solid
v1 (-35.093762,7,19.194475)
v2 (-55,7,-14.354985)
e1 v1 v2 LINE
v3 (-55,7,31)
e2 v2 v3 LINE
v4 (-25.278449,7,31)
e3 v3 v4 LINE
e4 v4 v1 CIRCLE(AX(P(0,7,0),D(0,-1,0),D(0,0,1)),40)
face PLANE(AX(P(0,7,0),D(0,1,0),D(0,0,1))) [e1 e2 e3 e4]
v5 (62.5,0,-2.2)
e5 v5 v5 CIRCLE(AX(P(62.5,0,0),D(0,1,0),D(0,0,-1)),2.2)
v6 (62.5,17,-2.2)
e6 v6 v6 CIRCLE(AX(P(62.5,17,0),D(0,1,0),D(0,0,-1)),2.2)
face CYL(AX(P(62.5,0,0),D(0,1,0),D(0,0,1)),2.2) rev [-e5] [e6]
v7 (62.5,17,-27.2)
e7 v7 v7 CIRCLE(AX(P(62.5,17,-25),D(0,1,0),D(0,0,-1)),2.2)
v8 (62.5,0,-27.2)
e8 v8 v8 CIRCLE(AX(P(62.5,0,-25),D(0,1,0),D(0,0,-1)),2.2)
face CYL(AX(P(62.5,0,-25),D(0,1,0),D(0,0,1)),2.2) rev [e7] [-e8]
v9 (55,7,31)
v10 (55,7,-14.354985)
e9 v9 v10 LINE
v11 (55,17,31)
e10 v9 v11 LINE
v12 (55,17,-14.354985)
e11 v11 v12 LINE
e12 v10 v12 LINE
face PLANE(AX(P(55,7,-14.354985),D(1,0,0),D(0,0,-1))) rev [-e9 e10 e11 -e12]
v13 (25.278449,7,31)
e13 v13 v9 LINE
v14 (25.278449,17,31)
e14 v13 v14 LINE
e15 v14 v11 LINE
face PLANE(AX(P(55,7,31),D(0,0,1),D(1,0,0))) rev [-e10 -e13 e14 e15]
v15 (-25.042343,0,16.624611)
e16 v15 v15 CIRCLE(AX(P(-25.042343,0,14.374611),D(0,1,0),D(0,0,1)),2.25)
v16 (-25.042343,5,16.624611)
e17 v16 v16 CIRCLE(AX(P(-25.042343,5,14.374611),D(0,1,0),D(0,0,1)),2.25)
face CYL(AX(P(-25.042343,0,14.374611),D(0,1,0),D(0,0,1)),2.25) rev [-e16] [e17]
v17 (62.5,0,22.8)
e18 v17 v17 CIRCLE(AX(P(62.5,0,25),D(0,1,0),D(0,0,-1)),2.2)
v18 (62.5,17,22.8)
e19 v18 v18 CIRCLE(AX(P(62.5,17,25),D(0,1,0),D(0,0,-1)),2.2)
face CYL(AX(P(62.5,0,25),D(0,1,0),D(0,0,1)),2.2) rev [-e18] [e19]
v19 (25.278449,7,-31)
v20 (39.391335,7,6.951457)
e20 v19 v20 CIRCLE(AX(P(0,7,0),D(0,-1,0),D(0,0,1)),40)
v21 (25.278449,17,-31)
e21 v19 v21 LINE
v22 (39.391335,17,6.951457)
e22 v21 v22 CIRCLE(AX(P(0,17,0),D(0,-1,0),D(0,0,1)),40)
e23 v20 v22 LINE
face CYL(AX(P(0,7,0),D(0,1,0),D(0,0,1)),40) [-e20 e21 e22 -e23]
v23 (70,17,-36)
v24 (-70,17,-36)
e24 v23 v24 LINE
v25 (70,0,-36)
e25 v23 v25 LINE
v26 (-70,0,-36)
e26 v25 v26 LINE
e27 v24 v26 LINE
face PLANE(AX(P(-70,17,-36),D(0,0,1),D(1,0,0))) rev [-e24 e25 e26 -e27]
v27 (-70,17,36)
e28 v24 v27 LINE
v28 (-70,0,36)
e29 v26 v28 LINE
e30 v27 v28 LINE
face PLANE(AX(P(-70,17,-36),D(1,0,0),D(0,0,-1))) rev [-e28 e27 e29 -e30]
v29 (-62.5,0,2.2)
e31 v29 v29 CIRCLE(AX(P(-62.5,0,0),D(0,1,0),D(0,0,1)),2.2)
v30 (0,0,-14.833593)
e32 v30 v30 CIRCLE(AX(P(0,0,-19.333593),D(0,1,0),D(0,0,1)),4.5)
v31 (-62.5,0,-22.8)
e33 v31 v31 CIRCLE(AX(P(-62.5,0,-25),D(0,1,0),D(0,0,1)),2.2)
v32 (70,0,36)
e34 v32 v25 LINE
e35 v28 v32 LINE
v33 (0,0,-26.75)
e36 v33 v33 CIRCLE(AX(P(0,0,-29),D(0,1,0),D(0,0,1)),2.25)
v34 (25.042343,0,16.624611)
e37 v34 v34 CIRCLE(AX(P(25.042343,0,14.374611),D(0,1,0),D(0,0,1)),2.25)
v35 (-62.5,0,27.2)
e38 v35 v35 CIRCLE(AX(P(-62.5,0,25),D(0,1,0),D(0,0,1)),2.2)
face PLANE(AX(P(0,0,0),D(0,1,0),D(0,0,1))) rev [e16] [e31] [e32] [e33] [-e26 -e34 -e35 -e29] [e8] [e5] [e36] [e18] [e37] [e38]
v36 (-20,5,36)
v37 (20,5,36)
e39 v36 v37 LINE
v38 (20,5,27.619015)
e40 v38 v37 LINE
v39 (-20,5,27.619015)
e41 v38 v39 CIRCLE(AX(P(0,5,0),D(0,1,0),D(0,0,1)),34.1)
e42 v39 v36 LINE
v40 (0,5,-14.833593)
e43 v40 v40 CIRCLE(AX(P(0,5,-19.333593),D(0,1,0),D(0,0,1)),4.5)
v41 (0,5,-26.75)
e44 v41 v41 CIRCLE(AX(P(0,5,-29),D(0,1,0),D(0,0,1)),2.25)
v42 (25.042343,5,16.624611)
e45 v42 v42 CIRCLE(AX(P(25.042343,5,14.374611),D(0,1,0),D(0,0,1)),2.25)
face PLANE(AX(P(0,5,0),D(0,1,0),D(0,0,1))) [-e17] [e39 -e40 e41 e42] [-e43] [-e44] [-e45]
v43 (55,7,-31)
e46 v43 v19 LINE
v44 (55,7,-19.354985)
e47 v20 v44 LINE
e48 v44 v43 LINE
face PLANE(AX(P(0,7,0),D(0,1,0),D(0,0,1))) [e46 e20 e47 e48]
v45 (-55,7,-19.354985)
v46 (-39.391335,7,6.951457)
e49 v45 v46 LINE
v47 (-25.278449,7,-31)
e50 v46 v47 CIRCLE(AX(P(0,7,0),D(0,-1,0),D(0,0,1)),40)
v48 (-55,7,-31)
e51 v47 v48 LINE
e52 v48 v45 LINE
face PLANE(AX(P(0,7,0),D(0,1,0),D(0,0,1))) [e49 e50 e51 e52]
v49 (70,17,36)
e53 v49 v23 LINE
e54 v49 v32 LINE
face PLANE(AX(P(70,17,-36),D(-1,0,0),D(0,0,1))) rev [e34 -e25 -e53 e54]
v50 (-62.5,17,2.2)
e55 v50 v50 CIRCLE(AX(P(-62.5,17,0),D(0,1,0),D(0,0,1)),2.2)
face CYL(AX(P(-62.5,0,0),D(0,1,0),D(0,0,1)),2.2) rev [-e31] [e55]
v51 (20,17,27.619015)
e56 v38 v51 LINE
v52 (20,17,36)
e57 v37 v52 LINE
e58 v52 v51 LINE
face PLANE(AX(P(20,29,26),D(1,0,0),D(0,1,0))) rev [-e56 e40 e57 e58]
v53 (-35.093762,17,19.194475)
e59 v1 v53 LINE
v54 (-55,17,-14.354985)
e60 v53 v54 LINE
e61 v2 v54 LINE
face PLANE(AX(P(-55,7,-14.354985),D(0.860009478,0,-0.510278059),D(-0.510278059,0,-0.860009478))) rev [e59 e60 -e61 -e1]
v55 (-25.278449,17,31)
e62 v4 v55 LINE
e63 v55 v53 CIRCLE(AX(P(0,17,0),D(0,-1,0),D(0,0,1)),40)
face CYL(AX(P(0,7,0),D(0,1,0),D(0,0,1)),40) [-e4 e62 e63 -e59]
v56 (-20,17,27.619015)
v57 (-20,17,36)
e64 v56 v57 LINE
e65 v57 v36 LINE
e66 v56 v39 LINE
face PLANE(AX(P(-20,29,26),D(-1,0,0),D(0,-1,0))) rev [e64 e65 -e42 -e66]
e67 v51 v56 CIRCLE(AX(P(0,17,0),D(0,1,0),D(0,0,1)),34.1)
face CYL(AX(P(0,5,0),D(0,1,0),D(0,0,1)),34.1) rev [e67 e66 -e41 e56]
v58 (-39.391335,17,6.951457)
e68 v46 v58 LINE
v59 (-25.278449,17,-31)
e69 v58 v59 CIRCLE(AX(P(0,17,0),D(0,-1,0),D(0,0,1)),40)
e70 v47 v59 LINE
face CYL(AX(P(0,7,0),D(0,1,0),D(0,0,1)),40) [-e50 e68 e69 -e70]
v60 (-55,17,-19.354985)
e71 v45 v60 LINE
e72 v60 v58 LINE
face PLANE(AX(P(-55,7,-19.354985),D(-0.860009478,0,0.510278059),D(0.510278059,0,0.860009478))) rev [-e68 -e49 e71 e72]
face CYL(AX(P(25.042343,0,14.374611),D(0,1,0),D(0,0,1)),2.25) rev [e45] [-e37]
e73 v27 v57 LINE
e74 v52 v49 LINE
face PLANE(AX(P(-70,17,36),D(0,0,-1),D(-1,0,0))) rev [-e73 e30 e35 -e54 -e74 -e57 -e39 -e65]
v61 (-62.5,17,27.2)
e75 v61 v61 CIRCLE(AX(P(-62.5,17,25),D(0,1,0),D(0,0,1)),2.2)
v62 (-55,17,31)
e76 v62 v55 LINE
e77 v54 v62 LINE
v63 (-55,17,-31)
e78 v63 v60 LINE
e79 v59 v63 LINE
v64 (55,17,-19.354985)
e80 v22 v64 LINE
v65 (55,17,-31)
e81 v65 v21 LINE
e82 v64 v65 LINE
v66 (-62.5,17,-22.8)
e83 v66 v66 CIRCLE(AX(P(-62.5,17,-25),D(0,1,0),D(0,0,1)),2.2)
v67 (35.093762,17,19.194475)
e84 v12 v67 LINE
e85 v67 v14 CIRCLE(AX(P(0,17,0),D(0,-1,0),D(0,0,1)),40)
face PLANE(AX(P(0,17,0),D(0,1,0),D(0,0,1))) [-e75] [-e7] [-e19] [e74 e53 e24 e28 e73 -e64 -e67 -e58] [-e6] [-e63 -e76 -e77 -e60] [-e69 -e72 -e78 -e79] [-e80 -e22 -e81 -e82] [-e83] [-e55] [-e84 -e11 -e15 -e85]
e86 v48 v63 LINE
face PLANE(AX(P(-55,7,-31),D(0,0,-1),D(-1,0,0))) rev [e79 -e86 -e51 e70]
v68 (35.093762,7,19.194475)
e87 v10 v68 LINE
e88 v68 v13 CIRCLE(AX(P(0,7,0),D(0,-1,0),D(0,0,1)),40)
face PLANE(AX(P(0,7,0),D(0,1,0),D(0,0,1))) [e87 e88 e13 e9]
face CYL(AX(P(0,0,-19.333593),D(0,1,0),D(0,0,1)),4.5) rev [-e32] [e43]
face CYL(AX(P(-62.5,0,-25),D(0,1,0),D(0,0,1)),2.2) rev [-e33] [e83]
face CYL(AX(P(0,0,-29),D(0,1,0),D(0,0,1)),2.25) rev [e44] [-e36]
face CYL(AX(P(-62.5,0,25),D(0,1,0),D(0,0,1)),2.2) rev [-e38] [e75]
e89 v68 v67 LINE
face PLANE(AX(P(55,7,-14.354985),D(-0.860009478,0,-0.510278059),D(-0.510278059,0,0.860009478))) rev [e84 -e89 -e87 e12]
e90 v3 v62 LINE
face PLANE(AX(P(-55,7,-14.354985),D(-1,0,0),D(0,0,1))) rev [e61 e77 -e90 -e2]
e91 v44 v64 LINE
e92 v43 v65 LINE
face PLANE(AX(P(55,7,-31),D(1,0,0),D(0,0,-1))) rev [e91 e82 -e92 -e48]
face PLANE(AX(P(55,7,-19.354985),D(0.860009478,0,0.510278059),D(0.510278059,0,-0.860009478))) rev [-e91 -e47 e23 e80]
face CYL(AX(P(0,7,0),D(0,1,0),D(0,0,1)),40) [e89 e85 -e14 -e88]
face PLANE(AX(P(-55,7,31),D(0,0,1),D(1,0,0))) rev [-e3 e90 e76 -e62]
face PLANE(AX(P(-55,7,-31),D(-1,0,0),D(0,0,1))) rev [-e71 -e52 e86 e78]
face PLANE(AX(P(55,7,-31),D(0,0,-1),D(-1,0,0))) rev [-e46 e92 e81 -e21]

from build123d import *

# Parameters (mm, degrees)
SKETCH1_W           = 140
SKETCH1_H           = 72
BOSS_EXTRUDE1_DEPTH = 17
SKETCH2_R           = 34.1
CUT_EXTRUDE1_DEPTH  = 12
SKETCH3_W           = 40
SKETCH3_H           = 24
CUT_EXTRUDE2_DEPTH  = 10
SKETCH4_R           = 2.2
CUT_EXTRUDE3_DEPTH  = 81.529497701
SKETCH5_R           = 2.25
SKETCH5_R_2         = 4.5
CUT_EXTRUDE4_DEPTH  = 80.62411695
CUT_EXTRUDE5_DEPTH  = 10


with BuildPart() as part:
    # Sketch1 → Boss-Extrude1 (new body)
    with BuildSketch(Plane(origin=(0, 0, 0), x_dir=(1, 0, 0), z_dir=(0, 1, 0))):
        Rectangle(SKETCH1_W, SKETCH1_H)
    extrude(amount=BOSS_EXTRUDE1_DEPTH)

    # Sketch2 → Cut-Extrude1 (cut)
    with BuildSketch(Plane(origin=(0, 17, 0), x_dir=(1, 0, 0), z_dir=(0, 1, 0))):
        with Locations(Location((0, 0, 0), (0, 0, 270))):
            Circle(SKETCH2_R)
    extrude(amount=-CUT_EXTRUDE1_DEPTH, mode=Mode.SUBTRACT)

    # Sketch3 → Cut-Extrude2 (cut)
    with BuildSketch(Plane.XY.offset(36)):
        with Locations((0, 17)):
            Rectangle(SKETCH3_W, SKETCH3_H)
    extrude(amount=-CUT_EXTRUDE2_DEPTH, mode=Mode.SUBTRACT)

    # Sketch4 → Cut-Extrude3 (cut, through all)
    with BuildSketch(Plane(origin=(0, 17, 0), x_dir=(1, 0, 0), z_dir=(0, 1, 0))):
        with Locations(Location((-62.5, 25, 0), (0, 0, 270))):
            Circle(SKETCH4_R)
        with Locations(Location((-62.5, 0, 0), (0, 0, 270))):
            Circle(SKETCH4_R)
        with Locations(Location((-62.5, -25, 0), (0, 0, 270))):
            Circle(SKETCH4_R)
        with Locations(Location((62.5, -25, 0), (0, 0, 90))):
            Circle(SKETCH4_R)
        with Locations(Location((62.5, 0, 0), (0, 0, 90))):
            Circle(SKETCH4_R)
        with Locations(Location((62.5, 25, 0), (0, 0, 90))):
            Circle(SKETCH4_R)
    extrude(amount=-CUT_EXTRUDE3_DEPTH, mode=Mode.SUBTRACT)

    # Sketch5 → Cut-Extrude4 (cut, through all)
    with BuildSketch(Plane(origin=(0, 5, 0), x_dir=(1, 0, 0), z_dir=(0, 1, 0))):
        with Locations(Location((0, 29, 0), (0, 0, 270))):
            Circle(SKETCH5_R)
        with Locations(Location((25.042343364, -14.374611046, 0), (0, 0, 270))):
            Circle(SKETCH5_R)
        with Locations(Location((-25.042343364, -14.374611046, 0), (0, 0, 270))):
            Circle(SKETCH5_R)
        with Locations(Location((0, 19.333592636, 0), (0, 0, 270))):
            Circle(SKETCH5_R_2)
    extrude(amount=-CUT_EXTRUDE4_DEPTH, mode=Mode.SUBTRACT)

    # Sketch6 → Cut-Extrude5 (cut)
    with BuildSketch(Plane(origin=(0, 17, 0), x_dir=(1, 0, 0), z_dir=(0, 1, 0))):
        with BuildLine():
            Line((-55, 31), (-25.27844932, 31))
            ThreePointArc((-25.27844932, 31), (-37.491645865, 13.941896942), (-39.391334679, -6.951456838))
            Line((-39.391334679, -6.951456838), (-55, 19.35498509))
            Line((-55, 19.35498509), (-55, 31))
        make_face()
        with BuildLine():
            Line((-55, -31), (-25.27844932, -31))
            ThreePointArc((-25.27844932, -31), (-30.757821307, -25.5725718), (-35.093761786, -19.194475343))
            Line((-35.093761786, -19.194475343), (-55, 14.35498509))
            Line((-55, 14.35498509), (-55, -31))
        make_face()
        with BuildLine():
            Line((55, -31), (25.27844932, -31))
            ThreePointArc((25.27844932, -31), (30.757821307, -25.5725718), (35.093761786, -19.194475343))
            Line((35.093761786, -19.194475343), (55, 14.35498509))
            Line((55, 14.35498509), (55, -31))
        make_face()
        with BuildLine():
            Line((55, 31), (55, 19.35498509))
            Line((55, 19.35498509), (39.391334679, -6.951456838))
            ThreePointArc((39.391334679, -6.951456838), (37.491645865, 13.941896942), (25.27844932, 31))
            Line((25.27844932, 31), (55, 31))
        make_face()
    extrude(amount=-CUT_EXTRUDE5_DEPTH, mode=Mode.SUBTRACT)


solid = part.part
